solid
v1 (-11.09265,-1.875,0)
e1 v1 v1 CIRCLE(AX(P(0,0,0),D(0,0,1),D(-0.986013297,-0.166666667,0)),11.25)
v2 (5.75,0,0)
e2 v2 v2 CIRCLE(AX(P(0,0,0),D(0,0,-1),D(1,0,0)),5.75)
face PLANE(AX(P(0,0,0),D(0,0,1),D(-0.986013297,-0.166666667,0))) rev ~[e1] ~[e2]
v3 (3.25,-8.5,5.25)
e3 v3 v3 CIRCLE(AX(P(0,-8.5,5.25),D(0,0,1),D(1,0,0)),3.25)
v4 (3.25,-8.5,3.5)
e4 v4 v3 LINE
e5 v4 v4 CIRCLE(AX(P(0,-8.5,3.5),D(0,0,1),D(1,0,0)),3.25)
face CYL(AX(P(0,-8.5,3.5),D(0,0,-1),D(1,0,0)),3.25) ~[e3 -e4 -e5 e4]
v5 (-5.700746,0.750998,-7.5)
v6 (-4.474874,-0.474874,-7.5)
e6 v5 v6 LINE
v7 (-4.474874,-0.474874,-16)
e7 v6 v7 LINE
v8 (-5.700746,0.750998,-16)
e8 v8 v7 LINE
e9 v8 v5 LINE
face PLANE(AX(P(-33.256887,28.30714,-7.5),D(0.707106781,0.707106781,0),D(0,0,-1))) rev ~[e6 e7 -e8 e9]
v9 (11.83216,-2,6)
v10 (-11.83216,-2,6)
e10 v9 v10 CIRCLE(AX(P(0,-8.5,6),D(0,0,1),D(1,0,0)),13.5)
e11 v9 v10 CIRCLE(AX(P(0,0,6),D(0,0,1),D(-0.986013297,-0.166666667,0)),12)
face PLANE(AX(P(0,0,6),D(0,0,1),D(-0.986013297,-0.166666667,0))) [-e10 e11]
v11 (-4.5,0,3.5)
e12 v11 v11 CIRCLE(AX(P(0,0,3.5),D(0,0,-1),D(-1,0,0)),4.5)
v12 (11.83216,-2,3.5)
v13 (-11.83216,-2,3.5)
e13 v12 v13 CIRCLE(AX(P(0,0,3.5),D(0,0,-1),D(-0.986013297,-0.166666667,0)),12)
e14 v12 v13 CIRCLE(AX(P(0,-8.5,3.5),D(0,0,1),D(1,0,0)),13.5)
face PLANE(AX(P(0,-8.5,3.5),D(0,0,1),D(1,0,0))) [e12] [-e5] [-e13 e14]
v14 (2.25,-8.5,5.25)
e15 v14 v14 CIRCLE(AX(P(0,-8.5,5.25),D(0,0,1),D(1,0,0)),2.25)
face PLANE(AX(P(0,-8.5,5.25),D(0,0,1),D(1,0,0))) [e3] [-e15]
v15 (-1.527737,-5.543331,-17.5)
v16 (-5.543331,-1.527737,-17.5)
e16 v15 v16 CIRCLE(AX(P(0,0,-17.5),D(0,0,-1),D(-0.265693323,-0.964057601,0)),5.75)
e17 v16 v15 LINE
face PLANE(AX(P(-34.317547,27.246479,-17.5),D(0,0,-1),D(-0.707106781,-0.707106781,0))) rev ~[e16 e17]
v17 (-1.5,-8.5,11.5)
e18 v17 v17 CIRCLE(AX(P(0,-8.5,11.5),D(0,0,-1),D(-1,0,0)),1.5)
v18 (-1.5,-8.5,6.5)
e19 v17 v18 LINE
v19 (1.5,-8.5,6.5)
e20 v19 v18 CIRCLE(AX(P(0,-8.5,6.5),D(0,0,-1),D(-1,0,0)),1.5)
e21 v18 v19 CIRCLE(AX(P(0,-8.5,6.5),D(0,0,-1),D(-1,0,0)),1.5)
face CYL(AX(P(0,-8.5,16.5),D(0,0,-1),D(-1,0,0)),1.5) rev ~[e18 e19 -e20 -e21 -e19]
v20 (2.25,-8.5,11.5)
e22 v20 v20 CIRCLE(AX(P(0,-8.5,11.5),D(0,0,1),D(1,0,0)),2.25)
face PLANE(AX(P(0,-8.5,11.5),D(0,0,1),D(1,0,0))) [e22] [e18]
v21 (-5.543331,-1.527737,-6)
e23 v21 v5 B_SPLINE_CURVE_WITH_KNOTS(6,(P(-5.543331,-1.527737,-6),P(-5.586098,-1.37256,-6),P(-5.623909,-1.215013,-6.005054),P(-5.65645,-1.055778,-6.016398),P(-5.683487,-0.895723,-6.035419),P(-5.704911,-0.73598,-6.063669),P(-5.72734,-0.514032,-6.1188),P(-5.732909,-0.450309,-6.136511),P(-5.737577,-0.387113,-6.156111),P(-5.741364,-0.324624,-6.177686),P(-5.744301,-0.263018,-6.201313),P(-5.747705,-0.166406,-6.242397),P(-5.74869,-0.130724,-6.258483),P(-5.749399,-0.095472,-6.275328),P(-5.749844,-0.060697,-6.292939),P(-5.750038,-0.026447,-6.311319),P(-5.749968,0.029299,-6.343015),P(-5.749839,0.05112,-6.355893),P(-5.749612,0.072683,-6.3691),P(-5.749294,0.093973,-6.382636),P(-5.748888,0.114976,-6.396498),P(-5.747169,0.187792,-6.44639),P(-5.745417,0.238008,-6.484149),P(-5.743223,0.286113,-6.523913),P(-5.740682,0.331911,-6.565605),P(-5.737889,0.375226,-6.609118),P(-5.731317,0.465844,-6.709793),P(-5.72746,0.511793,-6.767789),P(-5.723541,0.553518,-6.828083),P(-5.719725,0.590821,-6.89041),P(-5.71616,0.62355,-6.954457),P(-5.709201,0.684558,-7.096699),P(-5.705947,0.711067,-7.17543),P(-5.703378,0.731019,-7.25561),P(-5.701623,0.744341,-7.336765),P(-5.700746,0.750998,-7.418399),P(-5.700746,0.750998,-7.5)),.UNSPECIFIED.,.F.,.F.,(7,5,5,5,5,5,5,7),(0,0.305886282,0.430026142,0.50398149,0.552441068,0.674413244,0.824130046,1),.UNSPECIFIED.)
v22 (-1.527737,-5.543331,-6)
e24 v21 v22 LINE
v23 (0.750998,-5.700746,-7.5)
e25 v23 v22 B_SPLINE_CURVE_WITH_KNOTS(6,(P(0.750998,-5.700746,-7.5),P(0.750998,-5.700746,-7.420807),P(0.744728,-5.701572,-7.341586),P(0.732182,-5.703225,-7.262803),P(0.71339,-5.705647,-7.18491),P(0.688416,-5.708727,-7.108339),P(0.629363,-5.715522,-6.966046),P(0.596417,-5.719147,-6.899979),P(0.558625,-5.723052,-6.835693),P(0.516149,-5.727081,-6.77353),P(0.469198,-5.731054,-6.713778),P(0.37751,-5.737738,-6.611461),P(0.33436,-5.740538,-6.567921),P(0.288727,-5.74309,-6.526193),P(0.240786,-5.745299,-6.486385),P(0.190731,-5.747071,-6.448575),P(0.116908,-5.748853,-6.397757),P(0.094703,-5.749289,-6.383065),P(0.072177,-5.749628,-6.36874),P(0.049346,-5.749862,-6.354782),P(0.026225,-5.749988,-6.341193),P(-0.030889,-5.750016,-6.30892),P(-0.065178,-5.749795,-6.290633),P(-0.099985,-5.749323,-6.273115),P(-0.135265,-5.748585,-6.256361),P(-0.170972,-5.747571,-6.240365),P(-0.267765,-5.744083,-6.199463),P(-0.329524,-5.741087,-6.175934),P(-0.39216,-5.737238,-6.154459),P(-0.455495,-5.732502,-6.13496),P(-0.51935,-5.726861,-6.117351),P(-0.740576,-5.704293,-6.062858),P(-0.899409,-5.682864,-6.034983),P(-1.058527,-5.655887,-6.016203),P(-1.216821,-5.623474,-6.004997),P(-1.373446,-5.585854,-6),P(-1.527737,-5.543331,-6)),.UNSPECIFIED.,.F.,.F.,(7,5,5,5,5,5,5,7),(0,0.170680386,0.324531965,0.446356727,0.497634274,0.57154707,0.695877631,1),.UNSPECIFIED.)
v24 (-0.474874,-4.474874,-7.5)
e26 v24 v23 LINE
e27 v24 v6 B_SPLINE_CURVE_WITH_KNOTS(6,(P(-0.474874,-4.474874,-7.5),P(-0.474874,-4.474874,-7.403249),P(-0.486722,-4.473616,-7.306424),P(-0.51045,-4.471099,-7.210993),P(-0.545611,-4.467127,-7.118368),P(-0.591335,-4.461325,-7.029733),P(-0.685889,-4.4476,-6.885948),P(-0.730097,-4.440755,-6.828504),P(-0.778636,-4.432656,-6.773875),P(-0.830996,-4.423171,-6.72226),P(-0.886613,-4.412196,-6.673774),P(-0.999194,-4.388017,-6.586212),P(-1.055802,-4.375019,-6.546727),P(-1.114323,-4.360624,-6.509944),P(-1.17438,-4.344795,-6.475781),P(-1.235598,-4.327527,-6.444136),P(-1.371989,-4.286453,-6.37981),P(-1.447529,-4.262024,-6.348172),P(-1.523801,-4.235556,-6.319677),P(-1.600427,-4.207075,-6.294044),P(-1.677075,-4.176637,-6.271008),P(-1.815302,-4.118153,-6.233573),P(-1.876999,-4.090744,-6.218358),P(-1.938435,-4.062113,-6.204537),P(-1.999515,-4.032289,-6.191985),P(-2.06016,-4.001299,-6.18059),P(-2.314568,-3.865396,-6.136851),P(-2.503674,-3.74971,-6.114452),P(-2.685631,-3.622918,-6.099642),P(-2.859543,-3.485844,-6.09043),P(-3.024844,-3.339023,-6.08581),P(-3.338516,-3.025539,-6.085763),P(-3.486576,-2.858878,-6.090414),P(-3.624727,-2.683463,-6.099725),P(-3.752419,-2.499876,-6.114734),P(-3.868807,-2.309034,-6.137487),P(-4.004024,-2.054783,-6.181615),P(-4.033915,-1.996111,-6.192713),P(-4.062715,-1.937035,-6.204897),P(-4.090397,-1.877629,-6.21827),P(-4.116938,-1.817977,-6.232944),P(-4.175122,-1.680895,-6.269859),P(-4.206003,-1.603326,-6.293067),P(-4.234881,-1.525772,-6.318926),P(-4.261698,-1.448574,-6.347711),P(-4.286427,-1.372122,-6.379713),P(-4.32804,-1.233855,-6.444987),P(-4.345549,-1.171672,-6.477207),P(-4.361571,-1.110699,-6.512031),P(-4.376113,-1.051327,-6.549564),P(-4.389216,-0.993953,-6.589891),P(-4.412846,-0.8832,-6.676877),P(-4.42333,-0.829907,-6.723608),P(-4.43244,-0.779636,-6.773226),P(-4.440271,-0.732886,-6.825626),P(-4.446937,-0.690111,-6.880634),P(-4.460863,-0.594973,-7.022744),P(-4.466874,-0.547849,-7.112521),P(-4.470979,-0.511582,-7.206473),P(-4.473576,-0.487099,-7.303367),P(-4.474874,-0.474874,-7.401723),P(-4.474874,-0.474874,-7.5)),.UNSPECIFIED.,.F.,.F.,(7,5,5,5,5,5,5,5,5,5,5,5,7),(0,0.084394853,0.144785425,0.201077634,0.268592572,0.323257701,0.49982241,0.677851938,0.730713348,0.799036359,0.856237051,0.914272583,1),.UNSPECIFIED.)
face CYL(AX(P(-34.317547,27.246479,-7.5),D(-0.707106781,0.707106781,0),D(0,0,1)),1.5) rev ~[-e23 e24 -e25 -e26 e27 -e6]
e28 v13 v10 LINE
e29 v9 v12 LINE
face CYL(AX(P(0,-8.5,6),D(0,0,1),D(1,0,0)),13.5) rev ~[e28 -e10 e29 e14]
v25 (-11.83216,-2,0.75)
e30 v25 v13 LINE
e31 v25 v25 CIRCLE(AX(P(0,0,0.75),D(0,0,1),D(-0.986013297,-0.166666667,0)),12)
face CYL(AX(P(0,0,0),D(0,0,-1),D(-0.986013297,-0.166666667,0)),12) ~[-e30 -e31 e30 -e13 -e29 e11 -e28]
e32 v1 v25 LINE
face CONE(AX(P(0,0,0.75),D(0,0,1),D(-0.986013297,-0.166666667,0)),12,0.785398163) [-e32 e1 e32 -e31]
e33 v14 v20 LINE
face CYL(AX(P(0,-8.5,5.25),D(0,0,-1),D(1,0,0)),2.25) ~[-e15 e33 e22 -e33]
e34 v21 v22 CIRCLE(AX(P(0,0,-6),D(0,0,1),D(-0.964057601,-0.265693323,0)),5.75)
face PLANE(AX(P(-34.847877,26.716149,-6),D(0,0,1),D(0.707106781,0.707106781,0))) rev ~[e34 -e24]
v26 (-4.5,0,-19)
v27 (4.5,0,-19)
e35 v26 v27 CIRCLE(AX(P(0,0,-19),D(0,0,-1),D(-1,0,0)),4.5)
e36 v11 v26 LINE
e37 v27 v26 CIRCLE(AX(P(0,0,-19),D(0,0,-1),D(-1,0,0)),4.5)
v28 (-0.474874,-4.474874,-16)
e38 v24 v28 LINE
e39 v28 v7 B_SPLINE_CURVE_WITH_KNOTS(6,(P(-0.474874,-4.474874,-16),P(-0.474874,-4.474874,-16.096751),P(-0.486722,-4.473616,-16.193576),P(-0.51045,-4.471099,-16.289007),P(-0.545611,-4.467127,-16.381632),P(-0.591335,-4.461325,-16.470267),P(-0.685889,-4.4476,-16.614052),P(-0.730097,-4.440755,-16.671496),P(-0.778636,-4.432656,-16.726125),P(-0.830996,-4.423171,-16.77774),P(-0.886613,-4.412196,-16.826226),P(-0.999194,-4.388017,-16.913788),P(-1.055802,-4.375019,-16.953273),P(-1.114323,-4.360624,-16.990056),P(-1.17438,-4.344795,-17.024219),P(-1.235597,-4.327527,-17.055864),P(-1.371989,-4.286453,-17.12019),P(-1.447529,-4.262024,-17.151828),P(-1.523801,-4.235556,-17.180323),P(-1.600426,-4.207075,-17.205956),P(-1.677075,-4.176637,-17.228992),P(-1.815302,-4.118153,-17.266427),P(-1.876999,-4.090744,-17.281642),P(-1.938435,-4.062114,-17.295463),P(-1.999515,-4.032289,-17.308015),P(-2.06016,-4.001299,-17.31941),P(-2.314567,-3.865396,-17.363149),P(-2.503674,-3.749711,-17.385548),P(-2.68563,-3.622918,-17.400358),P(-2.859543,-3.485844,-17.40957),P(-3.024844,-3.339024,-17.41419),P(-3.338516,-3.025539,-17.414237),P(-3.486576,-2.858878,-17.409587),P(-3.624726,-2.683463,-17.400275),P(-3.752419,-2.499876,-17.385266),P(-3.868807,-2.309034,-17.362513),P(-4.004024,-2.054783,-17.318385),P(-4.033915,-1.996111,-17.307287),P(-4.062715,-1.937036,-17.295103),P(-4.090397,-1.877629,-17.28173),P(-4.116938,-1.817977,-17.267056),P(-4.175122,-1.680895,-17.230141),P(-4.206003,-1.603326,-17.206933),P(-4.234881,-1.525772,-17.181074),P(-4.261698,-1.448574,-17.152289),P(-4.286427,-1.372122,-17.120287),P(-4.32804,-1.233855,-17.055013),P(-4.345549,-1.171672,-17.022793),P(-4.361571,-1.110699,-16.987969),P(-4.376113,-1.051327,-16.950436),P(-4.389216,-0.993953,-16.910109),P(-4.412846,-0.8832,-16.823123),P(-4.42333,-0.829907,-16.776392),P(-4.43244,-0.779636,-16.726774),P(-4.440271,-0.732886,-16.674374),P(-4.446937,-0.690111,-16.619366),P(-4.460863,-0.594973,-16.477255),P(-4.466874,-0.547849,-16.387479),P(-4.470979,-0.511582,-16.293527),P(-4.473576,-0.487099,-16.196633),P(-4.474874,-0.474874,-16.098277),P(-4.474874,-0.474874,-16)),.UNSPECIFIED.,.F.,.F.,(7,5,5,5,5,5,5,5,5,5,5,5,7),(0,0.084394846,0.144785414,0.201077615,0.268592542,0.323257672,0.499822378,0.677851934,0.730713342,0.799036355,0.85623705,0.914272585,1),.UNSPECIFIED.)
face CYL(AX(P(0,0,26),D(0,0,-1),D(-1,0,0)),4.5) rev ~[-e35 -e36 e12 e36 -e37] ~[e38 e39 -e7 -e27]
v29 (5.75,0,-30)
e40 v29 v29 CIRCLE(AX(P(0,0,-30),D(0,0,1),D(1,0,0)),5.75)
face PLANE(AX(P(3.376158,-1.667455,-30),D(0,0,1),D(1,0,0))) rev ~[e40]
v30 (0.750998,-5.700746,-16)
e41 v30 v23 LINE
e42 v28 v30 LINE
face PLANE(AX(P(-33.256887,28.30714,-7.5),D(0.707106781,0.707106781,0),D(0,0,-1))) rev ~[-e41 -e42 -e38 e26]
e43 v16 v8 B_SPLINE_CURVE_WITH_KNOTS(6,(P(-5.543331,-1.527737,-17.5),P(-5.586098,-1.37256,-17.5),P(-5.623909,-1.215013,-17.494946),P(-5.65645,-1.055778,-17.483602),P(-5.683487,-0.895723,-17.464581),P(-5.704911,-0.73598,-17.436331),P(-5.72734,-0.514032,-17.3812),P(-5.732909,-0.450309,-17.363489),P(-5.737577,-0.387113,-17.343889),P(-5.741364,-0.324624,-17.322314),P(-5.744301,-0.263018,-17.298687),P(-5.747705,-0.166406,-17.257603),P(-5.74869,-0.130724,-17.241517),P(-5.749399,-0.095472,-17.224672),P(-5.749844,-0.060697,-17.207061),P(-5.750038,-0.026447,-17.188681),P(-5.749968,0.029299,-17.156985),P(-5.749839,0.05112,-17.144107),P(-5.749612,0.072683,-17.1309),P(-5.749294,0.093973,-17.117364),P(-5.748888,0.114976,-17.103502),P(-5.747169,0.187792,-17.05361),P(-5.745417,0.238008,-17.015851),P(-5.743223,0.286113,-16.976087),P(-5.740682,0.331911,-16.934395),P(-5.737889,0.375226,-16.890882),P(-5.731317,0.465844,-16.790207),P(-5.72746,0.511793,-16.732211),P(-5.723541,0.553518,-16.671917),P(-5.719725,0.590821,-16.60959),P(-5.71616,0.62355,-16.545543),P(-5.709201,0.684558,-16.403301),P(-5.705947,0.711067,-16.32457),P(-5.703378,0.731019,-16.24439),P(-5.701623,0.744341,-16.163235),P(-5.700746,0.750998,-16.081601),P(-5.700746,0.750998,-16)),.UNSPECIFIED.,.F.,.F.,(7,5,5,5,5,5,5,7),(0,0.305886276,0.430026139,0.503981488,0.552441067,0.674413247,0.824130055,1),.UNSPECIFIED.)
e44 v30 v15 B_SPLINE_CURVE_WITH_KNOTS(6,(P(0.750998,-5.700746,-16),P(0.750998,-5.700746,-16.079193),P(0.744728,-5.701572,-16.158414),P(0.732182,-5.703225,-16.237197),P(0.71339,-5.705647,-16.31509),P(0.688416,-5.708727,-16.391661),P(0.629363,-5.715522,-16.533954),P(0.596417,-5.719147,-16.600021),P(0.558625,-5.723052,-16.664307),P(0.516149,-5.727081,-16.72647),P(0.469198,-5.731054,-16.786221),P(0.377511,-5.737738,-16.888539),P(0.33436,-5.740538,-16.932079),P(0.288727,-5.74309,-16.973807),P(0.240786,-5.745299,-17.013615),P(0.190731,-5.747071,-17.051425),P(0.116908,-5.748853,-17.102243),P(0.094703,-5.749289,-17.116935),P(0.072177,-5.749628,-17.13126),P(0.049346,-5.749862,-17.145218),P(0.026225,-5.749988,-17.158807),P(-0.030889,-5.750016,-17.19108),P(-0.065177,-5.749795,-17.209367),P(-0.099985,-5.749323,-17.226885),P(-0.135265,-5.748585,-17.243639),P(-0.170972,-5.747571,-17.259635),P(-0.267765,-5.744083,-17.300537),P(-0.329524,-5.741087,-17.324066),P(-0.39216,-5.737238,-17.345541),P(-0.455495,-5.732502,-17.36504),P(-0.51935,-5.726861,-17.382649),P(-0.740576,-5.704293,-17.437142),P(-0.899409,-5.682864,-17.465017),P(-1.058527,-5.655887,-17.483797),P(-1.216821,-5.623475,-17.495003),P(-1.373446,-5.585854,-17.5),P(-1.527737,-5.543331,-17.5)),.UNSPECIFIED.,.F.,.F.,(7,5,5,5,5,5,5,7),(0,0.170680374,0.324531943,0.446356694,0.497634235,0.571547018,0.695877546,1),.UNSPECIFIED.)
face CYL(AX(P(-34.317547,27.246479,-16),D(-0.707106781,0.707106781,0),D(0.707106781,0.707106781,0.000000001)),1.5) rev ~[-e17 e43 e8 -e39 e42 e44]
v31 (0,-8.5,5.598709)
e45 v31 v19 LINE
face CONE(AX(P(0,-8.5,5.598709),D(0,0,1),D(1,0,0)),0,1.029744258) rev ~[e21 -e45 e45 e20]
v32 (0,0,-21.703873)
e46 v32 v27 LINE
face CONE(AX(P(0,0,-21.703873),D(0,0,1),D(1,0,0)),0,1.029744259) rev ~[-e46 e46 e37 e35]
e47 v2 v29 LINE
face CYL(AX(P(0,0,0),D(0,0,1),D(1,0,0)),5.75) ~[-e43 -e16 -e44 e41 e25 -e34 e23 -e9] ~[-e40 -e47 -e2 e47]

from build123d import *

# Parameters (mm, degrees)
ESQUISSE1_R                  = 12
BASE_EXTRUSION_DEPTH         = 6
ESQUISSE2_R                  = 5.75
BOSS_EXTRU_1_DEPTH           = 33
ESQUISSE3_R                  = 5.75
BOSS_EXTRU_2_DEPTH           = 6
BOSS_EXTRU_2_TAPER           = 10
BOSS_EXTRU_3_START           = -50.5
ESQUISSE4_R                  = 4
BOSS_EXTRU_3_DEPTH           = 5.5
ESQUISSE5_R                  = 13.5
ENL_V_MAT_EXTRU_1_DEPTH      = 2.5
ESQUISSE7_R                  = 3.25
BOSS_EXTRU_7_DEPTH           = 1.75
ESQUISSE8_R                  = 2.25
BOSS_EXTRU_8_DEPTH           = 6.25
PER_AGE1_D                   = 3
PER_AGE1_DEPTH               = 5
PER_AGE1_TIP                 = 0.901290929
ENL_V_MAT_EXTRU_2_DEPTH      = 43.532340728
ENL_V_MAT_EXTRU_2_DEPTH_BACK = 43.532340728
PER_AGE3_D                   = 9
PER_AGE3_DEPTH               = 22.5
PER_AGE3_TIP                 = 2.703872786
CHANFREIN1_SIZE              = 0.75
ESQUISSE22_W                 = 54.648205004
ESQUISSE22_H                 = 36.718532871
ENL_V_MAT_EXTRU_5_DEPTH      = 45.83581158


with BuildPart() as part:
    # Esquisse1 → Base-Extrusion (new body)
    with BuildSketch(Plane.XY):
        with Locations(Location((0, 0, 0), (0, 0, 189.594068227))):
            Circle(ESQUISSE1_R)
    extrude(amount=BASE_EXTRUSION_DEPTH)

    # Esquisse2 → Boss.-Extru.1 (add)
    with BuildSketch(Plane(origin=(0, 0, 0), x_dir=(-1, 0, 0), z_dir=(0, 0, -1))):
        with Locations(Location((0, 0, 0), (0, 0, 180))):
            Circle(ESQUISSE2_R)
    extrude(amount=BOSS_EXTRU_1_DEPTH)

    # Esquisse3 → Boss.-Extru.2 (add)
    with BuildSketch(Plane(origin=(0, 0, -33), x_dir=(-1, 0, 0), z_dir=(0, 0, -1))):
        with Locations(Location((0, 0, 0), (0, 0, 180))):
            Circle(ESQUISSE3_R)
    extrude(amount=BOSS_EXTRU_2_DEPTH, taper=BOSS_EXTRU_2_TAPER)

    # Esquisse4 → Boss.-Extru.3 (add)
    with BuildSketch(Plane(origin=(0, 0, -39), x_dir=(-1, 0, 0), z_dir=(0, 0, -1)).offset(BOSS_EXTRU_3_START)):
        Circle(ESQUISSE4_R)
    extrude(amount=BOSS_EXTRU_3_DEPTH)

    # Esquisse5 → Enlèv. mat.-Extru.1 (cut)
    with BuildSketch(Plane.XY.offset(6)):
        with Locations((0, -8.5)):
            Circle(ESQUISSE5_R)
    extrude(amount=-ENL_V_MAT_EXTRU_1_DEPTH, mode=Mode.SUBTRACT)

    # Esquisse7 → Boss.-Extru.7 (add)
    with BuildSketch(Plane.XY.offset(3.5)):
        with Locations((0, -8.5)):
            Circle(ESQUISSE7_R)
    extrude(amount=BOSS_EXTRU_7_DEPTH)

    # Esquisse8 → Boss.-Extru.8 (add)
    with BuildSketch(Plane.XY.offset(5.25)):
        with Locations((0, -8.5)):
            Circle(ESQUISSE8_R)
    extrude(amount=BOSS_EXTRU_8_DEPTH)

    # Perçage1
    with Locations(Plane.XY.offset(11.5)):
        with Locations((0, -8.5)):
            Hole(PER_AGE1_D / 2, depth=PER_AGE1_DEPTH)
            with Locations((0, 0, -(PER_AGE1_DEPTH + PER_AGE1_TIP / 2))):  # 118° drill point
                Cone(0, PER_AGE1_D / 2, PER_AGE1_TIP, mode=Mode.SUBTRACT)

    # Esquisse19 → Enlèv. mat.-Extru.2 (cut, two sides: drawn at the far end of the back side and taken through both)
    with BuildSketch(Plane(origin=(0, 0, 0), x_dir=(0.7071067811865488, 0.7071067811865462, 0), z_dir=(0.7071067811865462, -0.7071067811865488, 0)).offset(-ENL_V_MAT_EXTRU_2_DEPTH_BACK)):
        with BuildLine():
            Line((-5.75, -6), (-5, -6))
            ThreePointArc((-5, -6), (-3.939339828, -6.439339828), (-3.5, -7.5))
            Line((-3.5, -7.5), (-3.5, -16))
            ThreePointArc((-3.5, -16), (-3.939339828, -17.060660172), (-5, -17.5))
            Line((-5, -17.5), (-5.75, -17.5))
            Line((-5.75, -17.5), (-5.75, -6))
        make_face()
    extrude(amount=ENL_V_MAT_EXTRU_2_DEPTH + ENL_V_MAT_EXTRU_2_DEPTH_BACK, mode=Mode.SUBTRACT)

    # Perçage3
    with Locations(Plane.XY.offset(3.5)):
        with Locations((0, 0)):
            Hole(PER_AGE3_D / 2, depth=PER_AGE3_DEPTH)
            with Locations((0, 0, -(PER_AGE3_DEPTH + PER_AGE3_TIP / 2))):  # 118° drill point
                Cone(0, PER_AGE3_D / 2, PER_AGE3_TIP, mode=Mode.SUBTRACT)

    # Chanfrein1
    chanfrein1_edges = [part.edges().sort_by_distance(p)[0] for p in [
        (11.832159566, 2, 0),
    ]]
    chamfer(chanfrein1_edges, length=CHANFREIN1_SIZE)

    # Esquisse22 → Enlèv. mat.-Extru.5 (cut, through all)
    with BuildSketch(Plane.XY.offset(-30)):
        with Locations((3.376157781, -1.667455282)):
            Rectangle(ESQUISSE22_W, ESQUISSE22_H)
    extrude(amount=-ENL_V_MAT_EXTRU_5_DEPTH, mode=Mode.SUBTRACT)


solid = part.part
